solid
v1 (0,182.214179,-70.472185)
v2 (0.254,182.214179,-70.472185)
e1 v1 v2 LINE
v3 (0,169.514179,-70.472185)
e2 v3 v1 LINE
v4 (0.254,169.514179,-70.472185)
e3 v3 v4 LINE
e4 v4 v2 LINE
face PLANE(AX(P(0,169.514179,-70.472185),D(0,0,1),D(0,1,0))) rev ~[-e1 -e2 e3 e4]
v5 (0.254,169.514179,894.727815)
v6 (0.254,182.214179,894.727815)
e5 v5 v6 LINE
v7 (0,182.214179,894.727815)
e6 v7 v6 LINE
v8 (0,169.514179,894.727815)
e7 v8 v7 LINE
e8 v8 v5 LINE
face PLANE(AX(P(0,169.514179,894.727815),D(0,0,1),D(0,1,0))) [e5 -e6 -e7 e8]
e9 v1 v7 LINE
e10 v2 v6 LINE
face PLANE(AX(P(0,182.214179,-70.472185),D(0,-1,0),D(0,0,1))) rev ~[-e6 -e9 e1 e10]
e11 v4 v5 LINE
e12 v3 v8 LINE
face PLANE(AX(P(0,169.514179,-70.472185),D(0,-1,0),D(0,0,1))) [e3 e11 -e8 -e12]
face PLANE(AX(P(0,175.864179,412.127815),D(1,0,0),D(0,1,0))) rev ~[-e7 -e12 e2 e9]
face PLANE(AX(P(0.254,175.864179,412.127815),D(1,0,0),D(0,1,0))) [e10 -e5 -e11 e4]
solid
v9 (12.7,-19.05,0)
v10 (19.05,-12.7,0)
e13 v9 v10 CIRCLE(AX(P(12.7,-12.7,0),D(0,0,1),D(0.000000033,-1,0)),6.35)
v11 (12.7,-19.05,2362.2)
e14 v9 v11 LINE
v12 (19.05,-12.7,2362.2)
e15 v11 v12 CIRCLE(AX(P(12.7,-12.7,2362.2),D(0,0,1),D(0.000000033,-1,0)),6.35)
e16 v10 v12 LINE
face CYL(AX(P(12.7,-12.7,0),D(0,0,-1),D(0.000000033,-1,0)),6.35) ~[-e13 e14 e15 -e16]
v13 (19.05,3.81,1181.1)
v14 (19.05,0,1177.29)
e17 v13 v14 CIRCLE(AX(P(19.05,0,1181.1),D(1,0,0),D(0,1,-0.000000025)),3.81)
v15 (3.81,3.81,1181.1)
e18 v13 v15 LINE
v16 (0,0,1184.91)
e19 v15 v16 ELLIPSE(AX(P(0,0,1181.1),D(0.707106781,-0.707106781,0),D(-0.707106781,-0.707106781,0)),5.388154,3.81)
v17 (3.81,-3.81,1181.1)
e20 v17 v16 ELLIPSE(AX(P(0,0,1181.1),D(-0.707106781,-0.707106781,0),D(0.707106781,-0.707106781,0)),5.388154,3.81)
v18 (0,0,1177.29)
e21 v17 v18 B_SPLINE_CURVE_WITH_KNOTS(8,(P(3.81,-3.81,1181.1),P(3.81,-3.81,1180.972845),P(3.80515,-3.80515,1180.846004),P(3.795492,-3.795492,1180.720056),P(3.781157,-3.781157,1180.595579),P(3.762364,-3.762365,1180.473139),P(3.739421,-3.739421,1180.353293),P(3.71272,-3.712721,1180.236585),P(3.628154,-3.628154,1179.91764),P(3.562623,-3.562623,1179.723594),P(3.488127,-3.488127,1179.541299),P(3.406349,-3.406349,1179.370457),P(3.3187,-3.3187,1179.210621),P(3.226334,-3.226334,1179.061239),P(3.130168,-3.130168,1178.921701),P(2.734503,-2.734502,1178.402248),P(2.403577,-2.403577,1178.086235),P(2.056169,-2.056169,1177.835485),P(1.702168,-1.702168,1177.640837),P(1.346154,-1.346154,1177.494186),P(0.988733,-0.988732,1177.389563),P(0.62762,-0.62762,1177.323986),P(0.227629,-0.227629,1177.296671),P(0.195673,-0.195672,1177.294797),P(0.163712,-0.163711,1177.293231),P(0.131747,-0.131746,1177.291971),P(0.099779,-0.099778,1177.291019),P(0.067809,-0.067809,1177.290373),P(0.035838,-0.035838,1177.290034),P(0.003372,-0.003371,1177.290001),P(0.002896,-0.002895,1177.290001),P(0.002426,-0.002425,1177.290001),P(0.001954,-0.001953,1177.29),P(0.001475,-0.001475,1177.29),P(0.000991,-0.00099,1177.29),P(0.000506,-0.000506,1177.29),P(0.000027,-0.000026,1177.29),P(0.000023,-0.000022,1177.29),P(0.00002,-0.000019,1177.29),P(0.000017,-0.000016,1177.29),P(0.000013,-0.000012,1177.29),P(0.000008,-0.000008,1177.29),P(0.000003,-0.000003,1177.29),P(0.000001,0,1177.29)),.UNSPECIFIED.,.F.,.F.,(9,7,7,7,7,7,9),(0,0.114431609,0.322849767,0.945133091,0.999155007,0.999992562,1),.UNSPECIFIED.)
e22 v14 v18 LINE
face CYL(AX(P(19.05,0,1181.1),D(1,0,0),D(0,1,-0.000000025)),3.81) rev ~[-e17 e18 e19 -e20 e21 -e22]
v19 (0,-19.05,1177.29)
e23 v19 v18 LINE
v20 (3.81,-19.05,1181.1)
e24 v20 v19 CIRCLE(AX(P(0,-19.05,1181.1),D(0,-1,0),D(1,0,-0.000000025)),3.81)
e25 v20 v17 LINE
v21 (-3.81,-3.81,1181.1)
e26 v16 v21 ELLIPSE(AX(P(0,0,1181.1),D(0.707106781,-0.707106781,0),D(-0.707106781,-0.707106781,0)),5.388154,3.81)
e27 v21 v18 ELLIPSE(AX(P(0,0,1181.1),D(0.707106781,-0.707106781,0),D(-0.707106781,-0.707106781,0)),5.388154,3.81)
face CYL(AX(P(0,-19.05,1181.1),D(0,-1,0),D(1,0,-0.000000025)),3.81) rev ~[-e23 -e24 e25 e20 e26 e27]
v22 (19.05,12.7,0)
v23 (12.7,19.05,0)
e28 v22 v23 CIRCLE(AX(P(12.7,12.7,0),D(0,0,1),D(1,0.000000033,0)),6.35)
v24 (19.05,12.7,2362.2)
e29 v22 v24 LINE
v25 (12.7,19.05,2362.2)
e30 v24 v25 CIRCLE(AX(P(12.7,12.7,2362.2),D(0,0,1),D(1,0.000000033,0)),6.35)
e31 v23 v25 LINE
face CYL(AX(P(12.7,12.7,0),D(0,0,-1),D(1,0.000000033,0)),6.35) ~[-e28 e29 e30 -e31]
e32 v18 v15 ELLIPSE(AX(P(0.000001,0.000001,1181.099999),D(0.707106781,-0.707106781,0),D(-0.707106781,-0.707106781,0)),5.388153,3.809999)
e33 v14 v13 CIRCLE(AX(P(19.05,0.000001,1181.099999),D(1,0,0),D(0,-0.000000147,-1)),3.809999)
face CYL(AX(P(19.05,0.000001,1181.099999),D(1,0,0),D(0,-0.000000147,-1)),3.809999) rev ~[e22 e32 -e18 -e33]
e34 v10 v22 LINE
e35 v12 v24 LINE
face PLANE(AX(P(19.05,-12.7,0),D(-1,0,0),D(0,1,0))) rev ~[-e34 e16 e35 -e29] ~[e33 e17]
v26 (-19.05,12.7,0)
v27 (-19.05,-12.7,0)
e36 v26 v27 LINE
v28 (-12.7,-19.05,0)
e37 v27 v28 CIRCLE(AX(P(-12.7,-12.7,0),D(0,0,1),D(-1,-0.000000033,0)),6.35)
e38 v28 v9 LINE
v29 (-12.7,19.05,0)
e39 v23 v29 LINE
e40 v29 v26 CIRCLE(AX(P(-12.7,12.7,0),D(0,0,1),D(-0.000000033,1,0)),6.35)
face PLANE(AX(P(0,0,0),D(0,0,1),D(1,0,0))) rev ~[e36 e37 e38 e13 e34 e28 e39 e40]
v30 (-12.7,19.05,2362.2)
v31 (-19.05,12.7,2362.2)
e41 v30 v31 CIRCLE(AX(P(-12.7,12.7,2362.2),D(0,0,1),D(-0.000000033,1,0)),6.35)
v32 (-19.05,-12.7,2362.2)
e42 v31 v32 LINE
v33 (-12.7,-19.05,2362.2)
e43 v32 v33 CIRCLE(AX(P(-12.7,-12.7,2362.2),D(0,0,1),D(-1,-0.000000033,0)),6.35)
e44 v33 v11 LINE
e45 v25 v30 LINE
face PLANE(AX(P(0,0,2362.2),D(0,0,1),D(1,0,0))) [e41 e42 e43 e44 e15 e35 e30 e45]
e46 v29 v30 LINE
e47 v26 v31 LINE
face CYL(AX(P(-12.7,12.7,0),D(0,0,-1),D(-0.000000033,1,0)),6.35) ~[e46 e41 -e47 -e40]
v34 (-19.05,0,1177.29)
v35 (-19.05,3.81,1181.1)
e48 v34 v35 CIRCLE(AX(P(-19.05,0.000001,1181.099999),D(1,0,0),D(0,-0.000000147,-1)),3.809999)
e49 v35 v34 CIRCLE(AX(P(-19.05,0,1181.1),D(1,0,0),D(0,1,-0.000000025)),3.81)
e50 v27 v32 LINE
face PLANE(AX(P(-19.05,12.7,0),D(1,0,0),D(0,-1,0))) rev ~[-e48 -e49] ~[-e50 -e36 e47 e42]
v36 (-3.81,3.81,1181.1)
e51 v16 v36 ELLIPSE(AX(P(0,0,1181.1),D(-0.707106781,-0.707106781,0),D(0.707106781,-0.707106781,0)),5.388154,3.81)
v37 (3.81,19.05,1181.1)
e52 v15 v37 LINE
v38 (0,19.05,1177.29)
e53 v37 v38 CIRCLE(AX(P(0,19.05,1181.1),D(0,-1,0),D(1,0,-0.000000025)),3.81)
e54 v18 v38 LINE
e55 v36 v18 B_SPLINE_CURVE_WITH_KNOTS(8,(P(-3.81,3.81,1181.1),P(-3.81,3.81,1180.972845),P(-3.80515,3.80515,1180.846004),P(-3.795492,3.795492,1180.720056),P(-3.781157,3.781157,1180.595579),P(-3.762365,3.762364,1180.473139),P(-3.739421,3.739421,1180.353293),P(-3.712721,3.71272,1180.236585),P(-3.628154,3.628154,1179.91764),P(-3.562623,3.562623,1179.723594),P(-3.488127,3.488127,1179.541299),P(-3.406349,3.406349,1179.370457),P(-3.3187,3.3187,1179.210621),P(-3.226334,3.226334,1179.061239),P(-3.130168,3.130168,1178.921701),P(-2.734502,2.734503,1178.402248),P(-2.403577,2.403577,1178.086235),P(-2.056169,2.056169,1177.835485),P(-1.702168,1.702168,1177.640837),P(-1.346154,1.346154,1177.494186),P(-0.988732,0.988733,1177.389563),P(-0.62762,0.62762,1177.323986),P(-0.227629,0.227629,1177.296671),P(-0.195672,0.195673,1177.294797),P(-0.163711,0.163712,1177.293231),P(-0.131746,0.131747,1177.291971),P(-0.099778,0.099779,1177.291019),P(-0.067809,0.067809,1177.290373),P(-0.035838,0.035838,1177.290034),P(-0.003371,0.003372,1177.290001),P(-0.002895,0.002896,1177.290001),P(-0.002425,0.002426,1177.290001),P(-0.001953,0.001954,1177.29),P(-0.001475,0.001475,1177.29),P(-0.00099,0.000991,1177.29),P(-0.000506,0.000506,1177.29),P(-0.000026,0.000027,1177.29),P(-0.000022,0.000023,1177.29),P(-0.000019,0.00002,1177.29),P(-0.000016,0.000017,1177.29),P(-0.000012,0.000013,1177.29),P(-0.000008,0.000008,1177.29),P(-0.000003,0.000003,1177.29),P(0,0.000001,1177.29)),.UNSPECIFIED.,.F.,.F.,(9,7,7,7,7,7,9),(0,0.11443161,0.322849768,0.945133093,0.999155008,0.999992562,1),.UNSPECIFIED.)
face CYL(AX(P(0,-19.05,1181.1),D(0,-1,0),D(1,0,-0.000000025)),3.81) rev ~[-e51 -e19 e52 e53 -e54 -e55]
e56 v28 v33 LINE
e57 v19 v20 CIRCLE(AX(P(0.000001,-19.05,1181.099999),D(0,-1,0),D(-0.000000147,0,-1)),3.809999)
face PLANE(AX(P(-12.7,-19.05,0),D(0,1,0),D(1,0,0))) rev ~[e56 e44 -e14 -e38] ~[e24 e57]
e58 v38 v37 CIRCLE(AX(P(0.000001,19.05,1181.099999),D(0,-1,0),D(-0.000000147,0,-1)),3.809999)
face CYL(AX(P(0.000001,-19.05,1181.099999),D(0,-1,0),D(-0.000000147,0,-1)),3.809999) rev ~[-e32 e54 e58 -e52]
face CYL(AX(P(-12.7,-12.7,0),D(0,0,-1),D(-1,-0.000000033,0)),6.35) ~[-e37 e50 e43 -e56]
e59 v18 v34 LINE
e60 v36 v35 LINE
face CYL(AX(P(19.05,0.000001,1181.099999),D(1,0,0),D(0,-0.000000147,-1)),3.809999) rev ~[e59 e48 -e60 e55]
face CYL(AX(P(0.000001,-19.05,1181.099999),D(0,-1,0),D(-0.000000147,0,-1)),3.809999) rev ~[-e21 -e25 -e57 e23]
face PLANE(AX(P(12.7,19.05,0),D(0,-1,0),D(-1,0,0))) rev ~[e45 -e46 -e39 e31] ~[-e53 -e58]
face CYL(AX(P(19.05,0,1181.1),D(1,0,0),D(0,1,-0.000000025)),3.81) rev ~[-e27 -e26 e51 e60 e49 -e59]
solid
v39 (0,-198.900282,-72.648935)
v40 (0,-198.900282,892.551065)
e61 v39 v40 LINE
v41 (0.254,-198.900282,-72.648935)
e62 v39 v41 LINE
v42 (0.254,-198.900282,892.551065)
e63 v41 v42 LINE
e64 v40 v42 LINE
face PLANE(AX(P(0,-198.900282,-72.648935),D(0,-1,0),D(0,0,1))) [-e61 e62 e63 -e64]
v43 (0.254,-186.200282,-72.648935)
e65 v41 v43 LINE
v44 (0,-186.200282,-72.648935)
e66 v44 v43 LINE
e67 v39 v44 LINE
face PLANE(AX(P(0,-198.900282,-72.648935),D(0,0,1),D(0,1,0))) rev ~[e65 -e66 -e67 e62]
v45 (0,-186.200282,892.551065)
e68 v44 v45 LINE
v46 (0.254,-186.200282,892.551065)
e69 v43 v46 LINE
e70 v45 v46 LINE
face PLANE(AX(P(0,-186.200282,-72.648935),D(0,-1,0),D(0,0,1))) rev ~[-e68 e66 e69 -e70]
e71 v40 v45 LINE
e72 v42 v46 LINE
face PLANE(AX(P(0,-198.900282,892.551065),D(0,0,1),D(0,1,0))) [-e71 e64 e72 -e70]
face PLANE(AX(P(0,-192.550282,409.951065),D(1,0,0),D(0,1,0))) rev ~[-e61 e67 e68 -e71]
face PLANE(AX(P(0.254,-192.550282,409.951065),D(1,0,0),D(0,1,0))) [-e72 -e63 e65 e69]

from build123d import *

# Parameters (mm, degrees)
F1_DEPTH = 2362.2
F2_W     = 12.7
F2_H     = 965.2
F4_DEPTH = 0.254
F3_W     = 12.7
F3_H     = 965.2
F5_DEPTH = 0.254
F7_DEPTH = 38.1
F9_DEPTH = 38.1


with BuildPart() as f1:
    # F0 (on Top) → F1 (new body)
    with BuildSketch(Plane.XY):
        with BuildLine():
            ThreePointArc((19.05, 12.7), (17.190128, 17.190128), (12.7, 19.05))
            Line((12.7, 19.05), (-12.7, 19.05))
            ThreePointArc((-12.7, 19.05), (-17.190128, 17.190128), (-19.05, 12.7))
            Line((-19.05, 12.7), (-19.05, -12.7))
            ThreePointArc((-19.05, -12.7), (-17.190128, -17.190128), (-12.7, -19.05))
            Line((-12.7, -19.05), (12.7, -19.05))
            ThreePointArc((12.7, -19.05), (17.190128, -17.190128), (19.05, -12.7))
            Line((19.05, -12.7), (19.05, 12.7))
        make_face()
    extrude(amount=F1_DEPTH)

    # F6 (on face) → F7 (cut)
    with BuildSketch(Plane.XZ.offset(19.05)):
        with BuildLine():
            ThreePointArc((0, 1177.29), (2.694077, 1178.405923), (3.81, 1181.1))
            ThreePointArc((3.81, 1181.1), (-2.694077, 1183.794077), (0, 1177.29))
        make_face()
    extrude(amount=-F7_DEPTH, mode=Mode.SUBTRACT)

    # F8 (on face) → F9 (cut)
    with BuildSketch(Plane.YZ.offset(19.05)):
        with BuildLine():
            ThreePointArc((0, 1177.29), (2.694077, 1178.405923), (3.81, 1181.1))
            ThreePointArc((3.81, 1181.1), (-2.694077, 1183.794077), (0, 1177.29))
        make_face()
    extrude(amount=-F9_DEPTH, mode=Mode.SUBTRACT)


with BuildPart() as f4:
    # F2 (on Right) → F4 (new body)
    with BuildSketch(Plane.YZ):
        with Locations((-192.550282, 409.951065)):
            Rectangle(F2_W, F2_H)
    extrude(amount=F4_DEPTH)


with BuildPart() as f5:
    # F3 (on Right) → F5 (new body)
    with BuildSketch(Plane.YZ):
        with Locations((175.864179, 412.127815)):
            Rectangle(F3_W, F3_H)
    extrude(amount=F5_DEPTH)


solid = Compound([f1.part, f4.part, f5.part])
